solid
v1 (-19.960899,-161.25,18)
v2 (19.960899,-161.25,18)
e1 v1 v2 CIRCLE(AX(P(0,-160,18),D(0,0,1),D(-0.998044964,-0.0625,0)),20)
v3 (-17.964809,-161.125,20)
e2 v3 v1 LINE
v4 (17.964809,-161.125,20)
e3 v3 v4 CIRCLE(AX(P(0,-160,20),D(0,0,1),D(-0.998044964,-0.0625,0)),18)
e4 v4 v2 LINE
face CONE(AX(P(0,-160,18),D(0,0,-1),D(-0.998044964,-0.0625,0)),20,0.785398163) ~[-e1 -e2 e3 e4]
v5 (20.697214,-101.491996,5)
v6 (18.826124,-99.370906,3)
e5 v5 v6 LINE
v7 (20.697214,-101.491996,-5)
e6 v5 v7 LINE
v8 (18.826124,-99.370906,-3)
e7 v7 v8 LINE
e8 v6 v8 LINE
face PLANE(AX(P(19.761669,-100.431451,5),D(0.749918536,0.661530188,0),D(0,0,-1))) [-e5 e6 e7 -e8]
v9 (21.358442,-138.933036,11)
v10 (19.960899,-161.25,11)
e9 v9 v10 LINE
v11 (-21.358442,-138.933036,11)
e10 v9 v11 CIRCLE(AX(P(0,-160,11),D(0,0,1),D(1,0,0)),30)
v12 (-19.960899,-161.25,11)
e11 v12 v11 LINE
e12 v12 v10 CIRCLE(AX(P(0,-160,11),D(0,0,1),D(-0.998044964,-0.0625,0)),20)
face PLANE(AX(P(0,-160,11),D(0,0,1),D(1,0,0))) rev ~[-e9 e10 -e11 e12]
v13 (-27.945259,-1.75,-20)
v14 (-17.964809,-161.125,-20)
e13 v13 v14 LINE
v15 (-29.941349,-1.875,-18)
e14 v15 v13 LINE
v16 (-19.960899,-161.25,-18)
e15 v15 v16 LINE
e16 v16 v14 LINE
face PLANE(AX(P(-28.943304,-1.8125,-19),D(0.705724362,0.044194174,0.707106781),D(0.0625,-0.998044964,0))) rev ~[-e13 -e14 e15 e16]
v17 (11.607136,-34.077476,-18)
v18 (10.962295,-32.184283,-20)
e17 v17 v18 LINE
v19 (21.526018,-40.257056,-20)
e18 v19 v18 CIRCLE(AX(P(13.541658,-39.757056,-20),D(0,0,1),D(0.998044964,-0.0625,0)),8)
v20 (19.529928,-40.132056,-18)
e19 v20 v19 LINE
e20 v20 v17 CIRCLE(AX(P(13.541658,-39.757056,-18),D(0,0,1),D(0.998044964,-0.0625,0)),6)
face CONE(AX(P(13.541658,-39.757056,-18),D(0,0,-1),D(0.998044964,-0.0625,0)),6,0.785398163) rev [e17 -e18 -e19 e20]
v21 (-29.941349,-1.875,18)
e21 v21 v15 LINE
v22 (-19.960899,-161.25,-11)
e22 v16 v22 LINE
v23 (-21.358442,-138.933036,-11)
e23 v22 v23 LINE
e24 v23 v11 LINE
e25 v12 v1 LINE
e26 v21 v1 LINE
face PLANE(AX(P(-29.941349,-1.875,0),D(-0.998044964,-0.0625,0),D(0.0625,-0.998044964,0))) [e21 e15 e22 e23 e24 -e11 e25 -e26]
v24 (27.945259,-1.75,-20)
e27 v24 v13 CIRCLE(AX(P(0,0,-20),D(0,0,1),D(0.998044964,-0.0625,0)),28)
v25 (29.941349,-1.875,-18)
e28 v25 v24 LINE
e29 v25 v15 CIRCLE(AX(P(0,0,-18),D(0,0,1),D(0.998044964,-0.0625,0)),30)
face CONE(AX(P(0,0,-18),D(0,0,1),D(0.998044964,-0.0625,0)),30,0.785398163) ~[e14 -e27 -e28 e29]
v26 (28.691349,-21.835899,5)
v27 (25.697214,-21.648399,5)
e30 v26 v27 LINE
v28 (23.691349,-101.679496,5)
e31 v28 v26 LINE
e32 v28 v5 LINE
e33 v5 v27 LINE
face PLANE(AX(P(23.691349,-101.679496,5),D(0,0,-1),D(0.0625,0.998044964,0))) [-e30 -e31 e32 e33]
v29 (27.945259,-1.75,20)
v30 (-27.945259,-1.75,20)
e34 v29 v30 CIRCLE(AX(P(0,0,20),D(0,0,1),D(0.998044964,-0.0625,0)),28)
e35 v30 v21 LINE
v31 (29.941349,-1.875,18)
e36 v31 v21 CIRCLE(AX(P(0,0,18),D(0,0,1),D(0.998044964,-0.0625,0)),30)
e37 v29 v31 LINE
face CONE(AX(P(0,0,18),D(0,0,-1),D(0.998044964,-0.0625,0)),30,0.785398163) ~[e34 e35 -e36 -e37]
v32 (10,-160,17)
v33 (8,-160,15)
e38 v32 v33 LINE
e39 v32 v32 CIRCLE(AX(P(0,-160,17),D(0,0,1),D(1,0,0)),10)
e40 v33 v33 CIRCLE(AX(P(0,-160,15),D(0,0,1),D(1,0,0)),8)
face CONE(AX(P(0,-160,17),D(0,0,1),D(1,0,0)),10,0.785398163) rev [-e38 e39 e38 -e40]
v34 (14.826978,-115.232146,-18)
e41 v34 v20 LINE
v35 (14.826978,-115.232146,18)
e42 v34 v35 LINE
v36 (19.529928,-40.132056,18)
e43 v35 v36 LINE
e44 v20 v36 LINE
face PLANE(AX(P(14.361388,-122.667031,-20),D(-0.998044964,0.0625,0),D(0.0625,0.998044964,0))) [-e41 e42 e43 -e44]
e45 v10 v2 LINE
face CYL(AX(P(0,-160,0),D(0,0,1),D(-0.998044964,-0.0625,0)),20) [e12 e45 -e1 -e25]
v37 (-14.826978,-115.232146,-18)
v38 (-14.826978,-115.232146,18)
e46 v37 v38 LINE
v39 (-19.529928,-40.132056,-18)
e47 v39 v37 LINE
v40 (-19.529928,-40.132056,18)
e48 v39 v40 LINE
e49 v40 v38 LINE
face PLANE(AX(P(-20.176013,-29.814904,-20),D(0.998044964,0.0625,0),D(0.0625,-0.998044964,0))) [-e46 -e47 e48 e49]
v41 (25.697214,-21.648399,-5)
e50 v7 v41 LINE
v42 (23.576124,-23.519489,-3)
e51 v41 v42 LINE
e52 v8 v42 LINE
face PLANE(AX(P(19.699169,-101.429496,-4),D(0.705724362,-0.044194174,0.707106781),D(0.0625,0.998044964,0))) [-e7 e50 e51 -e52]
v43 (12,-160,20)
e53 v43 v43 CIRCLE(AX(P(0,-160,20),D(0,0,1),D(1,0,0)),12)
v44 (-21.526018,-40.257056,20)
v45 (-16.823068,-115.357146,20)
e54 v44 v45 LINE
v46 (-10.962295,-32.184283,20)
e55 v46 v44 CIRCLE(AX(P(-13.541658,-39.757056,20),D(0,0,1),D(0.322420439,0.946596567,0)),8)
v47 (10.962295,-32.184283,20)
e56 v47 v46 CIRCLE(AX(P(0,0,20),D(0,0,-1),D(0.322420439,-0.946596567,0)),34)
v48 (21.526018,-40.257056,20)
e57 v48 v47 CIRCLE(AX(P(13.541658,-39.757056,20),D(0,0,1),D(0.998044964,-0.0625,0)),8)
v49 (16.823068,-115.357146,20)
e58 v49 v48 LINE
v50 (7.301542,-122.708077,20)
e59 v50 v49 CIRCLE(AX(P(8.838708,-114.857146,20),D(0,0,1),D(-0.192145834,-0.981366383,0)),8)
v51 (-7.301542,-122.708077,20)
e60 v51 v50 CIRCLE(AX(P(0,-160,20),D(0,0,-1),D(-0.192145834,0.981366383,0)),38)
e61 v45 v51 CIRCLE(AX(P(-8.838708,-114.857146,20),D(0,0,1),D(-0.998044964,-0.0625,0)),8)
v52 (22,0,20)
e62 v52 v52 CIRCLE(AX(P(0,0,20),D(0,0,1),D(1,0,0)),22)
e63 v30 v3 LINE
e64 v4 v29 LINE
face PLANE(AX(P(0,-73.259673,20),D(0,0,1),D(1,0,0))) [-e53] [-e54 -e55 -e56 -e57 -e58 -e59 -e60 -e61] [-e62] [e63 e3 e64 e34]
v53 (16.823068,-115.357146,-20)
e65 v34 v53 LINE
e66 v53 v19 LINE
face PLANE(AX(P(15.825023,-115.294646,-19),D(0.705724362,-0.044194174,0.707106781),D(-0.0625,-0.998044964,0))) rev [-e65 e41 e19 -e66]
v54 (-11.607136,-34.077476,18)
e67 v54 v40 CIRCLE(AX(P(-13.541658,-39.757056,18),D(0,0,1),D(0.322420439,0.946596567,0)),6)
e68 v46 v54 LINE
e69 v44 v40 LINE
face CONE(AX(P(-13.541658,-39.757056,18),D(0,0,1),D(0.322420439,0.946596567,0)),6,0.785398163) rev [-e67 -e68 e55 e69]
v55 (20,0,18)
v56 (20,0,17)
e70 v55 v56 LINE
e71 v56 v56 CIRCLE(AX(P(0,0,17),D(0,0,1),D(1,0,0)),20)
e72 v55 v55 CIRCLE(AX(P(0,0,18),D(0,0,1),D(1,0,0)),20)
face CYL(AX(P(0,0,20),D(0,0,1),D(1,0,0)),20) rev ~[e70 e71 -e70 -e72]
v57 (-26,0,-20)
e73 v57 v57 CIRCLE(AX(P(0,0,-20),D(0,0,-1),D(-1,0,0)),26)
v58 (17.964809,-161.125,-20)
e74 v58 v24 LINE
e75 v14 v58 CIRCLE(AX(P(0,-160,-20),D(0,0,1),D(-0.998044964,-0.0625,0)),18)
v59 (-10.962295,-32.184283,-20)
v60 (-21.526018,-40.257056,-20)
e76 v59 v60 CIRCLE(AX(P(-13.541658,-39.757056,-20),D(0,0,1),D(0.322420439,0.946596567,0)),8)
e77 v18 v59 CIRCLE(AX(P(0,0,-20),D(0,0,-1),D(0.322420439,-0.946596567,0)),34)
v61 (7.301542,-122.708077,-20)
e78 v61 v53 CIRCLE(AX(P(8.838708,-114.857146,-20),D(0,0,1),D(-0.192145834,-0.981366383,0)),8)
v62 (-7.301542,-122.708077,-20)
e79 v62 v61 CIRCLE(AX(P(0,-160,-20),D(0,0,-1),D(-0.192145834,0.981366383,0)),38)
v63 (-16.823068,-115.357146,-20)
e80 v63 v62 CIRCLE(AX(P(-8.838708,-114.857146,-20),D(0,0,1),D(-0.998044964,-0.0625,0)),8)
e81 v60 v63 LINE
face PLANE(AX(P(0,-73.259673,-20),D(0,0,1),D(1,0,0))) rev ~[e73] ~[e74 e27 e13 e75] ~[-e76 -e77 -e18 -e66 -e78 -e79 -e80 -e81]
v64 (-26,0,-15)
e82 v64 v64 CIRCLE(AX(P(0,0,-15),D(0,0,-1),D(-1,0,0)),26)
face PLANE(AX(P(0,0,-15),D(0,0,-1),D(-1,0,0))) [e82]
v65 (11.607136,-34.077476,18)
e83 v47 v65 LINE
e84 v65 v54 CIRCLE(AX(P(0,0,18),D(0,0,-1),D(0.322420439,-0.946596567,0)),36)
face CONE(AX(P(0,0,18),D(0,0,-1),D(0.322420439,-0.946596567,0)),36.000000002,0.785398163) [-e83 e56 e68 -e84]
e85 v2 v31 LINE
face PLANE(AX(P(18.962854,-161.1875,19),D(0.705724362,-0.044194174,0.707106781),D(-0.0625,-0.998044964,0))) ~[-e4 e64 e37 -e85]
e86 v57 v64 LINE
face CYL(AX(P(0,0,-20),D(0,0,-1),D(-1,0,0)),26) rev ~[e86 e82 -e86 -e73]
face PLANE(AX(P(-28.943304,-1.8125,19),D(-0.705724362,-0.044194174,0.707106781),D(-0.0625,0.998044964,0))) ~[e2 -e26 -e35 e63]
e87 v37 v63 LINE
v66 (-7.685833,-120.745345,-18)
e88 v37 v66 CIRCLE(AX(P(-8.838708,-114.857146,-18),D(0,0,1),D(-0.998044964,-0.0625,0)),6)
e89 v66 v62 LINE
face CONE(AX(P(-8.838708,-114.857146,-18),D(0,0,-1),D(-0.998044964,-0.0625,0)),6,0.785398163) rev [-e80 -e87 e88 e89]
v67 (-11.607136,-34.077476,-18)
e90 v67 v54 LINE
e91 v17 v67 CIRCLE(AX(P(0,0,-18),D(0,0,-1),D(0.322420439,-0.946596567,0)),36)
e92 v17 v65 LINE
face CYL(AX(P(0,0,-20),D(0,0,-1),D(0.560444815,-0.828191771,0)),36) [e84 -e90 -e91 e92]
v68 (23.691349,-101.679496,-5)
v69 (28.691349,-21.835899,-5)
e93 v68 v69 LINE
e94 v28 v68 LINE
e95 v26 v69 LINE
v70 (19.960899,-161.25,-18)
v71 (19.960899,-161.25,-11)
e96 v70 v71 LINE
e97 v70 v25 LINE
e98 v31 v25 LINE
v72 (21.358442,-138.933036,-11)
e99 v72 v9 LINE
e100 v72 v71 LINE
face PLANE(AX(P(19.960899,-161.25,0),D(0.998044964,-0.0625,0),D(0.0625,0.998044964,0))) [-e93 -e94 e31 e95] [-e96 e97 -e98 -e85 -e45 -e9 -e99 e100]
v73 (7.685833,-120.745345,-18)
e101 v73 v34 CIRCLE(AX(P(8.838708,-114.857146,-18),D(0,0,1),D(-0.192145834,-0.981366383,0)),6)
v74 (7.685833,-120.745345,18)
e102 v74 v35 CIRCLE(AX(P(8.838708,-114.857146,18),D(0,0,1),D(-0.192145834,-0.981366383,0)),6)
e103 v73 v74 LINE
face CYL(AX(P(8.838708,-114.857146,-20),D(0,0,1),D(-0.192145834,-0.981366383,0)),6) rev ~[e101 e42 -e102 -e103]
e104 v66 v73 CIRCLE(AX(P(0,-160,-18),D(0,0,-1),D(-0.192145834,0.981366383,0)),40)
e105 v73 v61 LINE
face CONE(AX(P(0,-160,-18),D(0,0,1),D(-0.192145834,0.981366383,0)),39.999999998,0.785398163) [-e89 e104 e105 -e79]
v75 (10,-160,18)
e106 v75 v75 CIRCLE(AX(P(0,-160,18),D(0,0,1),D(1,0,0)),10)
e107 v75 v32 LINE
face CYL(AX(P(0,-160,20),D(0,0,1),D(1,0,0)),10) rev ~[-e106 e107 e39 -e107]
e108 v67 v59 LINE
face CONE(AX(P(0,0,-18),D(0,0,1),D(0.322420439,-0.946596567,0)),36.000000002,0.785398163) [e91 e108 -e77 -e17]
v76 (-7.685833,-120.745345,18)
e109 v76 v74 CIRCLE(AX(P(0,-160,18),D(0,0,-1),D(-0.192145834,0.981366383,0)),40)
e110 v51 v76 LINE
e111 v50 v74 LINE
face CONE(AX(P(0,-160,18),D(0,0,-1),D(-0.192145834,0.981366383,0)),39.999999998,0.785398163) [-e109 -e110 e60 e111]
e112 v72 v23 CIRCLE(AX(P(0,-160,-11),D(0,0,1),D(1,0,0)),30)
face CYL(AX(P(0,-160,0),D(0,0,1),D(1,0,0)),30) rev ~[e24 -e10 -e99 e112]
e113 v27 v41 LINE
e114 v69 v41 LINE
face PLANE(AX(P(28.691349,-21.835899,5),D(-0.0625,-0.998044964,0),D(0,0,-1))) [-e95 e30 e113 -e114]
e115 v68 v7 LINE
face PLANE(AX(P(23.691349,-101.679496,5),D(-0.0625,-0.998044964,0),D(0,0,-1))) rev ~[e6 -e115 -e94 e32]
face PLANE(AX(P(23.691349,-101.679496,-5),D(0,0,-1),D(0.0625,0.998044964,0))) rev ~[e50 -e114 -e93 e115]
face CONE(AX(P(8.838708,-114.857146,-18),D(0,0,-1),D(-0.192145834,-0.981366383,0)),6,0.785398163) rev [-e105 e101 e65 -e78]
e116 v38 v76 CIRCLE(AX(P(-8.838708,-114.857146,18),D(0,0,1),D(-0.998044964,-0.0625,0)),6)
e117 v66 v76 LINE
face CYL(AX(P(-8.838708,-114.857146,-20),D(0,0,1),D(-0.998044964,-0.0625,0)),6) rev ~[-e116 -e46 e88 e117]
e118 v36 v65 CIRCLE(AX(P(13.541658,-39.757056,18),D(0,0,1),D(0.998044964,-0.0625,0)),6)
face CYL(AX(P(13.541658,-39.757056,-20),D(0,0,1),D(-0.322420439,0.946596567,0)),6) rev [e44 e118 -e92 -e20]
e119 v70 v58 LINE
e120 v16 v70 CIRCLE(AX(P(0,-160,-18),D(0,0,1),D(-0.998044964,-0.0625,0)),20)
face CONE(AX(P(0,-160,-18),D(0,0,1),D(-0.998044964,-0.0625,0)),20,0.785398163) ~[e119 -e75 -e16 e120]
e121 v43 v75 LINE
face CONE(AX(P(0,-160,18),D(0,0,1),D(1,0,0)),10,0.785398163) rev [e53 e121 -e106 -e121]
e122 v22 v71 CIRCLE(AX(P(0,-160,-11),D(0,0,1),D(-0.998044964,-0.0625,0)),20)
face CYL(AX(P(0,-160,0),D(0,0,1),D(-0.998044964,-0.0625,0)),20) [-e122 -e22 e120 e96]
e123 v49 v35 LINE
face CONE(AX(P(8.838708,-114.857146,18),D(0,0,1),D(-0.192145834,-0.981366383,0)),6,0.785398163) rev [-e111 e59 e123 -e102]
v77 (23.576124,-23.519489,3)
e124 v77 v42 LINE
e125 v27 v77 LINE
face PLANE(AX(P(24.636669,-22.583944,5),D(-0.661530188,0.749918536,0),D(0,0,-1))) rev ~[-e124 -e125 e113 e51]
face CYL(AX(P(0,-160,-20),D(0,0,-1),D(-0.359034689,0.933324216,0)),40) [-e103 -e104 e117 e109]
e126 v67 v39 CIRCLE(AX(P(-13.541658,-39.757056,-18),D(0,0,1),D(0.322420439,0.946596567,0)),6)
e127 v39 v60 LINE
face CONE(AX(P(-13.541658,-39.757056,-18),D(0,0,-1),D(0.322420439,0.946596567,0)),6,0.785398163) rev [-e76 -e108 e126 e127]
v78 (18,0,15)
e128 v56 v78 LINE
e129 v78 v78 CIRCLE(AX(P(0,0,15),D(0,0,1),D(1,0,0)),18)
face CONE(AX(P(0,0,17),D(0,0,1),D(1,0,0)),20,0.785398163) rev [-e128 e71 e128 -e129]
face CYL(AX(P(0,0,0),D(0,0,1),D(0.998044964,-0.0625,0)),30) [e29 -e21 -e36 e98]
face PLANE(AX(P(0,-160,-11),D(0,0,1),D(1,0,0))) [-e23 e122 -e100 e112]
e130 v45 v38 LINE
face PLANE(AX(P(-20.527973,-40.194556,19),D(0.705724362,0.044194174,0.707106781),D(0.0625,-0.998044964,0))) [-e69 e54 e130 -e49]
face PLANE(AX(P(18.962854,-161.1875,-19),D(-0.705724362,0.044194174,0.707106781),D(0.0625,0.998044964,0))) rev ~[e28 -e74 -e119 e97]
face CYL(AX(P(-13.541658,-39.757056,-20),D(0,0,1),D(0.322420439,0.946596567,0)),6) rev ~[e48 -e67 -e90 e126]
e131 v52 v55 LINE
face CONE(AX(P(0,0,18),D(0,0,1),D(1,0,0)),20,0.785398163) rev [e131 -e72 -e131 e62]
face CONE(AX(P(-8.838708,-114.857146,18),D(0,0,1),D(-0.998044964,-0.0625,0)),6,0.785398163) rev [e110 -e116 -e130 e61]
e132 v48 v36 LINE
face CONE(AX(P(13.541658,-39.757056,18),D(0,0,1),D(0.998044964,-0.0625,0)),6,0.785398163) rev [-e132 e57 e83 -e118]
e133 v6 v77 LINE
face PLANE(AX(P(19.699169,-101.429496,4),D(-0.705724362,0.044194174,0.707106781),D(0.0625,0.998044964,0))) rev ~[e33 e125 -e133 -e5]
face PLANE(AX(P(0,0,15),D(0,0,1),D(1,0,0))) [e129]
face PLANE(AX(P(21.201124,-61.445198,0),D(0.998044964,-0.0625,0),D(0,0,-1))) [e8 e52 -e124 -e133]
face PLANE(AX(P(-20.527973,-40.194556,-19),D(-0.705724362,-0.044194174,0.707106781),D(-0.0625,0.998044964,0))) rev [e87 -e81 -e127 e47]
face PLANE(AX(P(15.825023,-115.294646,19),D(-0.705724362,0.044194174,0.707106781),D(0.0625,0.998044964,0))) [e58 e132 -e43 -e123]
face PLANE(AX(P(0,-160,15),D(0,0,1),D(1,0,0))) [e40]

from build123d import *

# Parameters (mm, degrees)
BOSS_EXTRUDE1_DEPTH = 20
SKETCH2_R           = 26
CUT_EXTRUDE1_DEPTH  = 5
SKETCH3_R           = 30
CUT_EXTRUDE2_DEPTH  = 11
CUT_EXTRUDE3_DEPTH  = 187.815416923
FILLET1_R           = 6
CHAMFER1_SIZE       = 2
SKETCH6_W           = 10
SKETCH6_H           = 80
CUT_EXTRUDE4_DEPTH  = 5
CHAMFER2_SIZE       = 2
SKETCH7_R           = 10
SKETCH7_R_2         = 20
CUT_EXTRUDE5_DEPTH  = 5
CHAMFER3_SIZE       = 2


with BuildPart() as part:
    # Sketch1 → Boss-Extrude1 (new, symmetric)
    with BuildSketch(Plane.XY):
        with BuildLine():
            Line((-29.941348918, -1.875), (-19.960899278, -161.25))
            ThreePointArc((-19.960899278, -161.25), (0, -180), (19.960899278, -161.25))
            Line((19.960899278, -161.25), (29.941348918, -1.875))
            ThreePointArc((29.941348918, -1.875), (0, 30), (-29.941348918, -1.875))
        make_face()
    extrude(amount=BOSS_EXTRUDE1_DEPTH, both=True)

    # Sketch2 → Cut-Extrude1 (cut)
    with BuildSketch(Plane(origin=(0, 0, -20), x_dir=(-1, 0, 0), z_dir=(0, 0, -1))):
        Circle(SKETCH2_R)
    extrude(amount=-CUT_EXTRUDE1_DEPTH, mode=Mode.SUBTRACT)

    # Sketch3 → Cut-Extrude2 (cut, symmetric)
    with BuildSketch(Plane.XY):
        with Locations((0, -160)):
            Circle(SKETCH3_R)
    extrude(amount=CUT_EXTRUDE2_DEPTH, both=True, mode=Mode.SUBTRACT)

    # Sketch4 → Cut-Extrude3 (cut, through all)
    with BuildSketch(Plane(origin=(0, 0, -20), x_dir=(-1, 0, 0), z_dir=(0, 0, -1))):
        with BuildLine():
            ThreePointArc((-20.17601335, -29.814903745), (0, -36), (20.17601335, -29.814903745))
            Line((20.17601335, -29.814903745), (14.361387571, -122.667031366))
            ThreePointArc((14.361387571, -122.667031366), (0, -120), (-14.361387571, -122.667031366))
            Line((-14.361387571, -122.667031366), (-20.17601335, -29.814903745))
        make_face()
    extrude(amount=-CUT_EXTRUDE3_DEPTH, mode=Mode.SUBTRACT)

    # Fillet1
    fillet1_edges = [part.edges().sort_by_distance(p)[0] for p in [
        (20.17601335, -29.814903745, 0),
        (-20.17601335, -29.814903745, 0),
        (-14.361387571, -122.667031366, 0),
        (14.361387571, -122.667031366, 0),
    ]]
    fillet(fillet1_edges, radius=FILLET1_R)

    # Chamfer1
    chamfer1_edges = [part.edges().sort_by_distance(p)[0] for p in [
        (0, -180, 20),
        (24.951124098, -81.5625, 20),
        (0, 30, 20),
        (24.951124098, -81.5625, -20),
        (0, -120, -20),
        (0, -120, 20),
        (17.178453178, -77.682101085, -20),
        (0, -180, -20),
        (17.178453178, -77.682101085, 20),
        (-17.178453178, -77.682101085, -20),
        (-17.178453178, -77.682101085, 20),
        (-24.951124098, -81.5625, -20),
        (0, -36, -20),
        (0, -36, 20),
        (12.505327982, -119.60645162, -20),
        (12.505327982, -119.60645162, 20),
        (-12.505327982, -119.60645162, -20),
        (-12.505327982, -119.60645162, 20),
        (17.184830058, -34.989739942, -20),
        (0, 30, -20),
        (17.184830058, -34.989739942, 20),
        (-17.184830058, -34.989739942, -20),
        (-17.184830058, -34.989739942, 20),
        (-24.951124098, -81.5625, 20),
    ]]
    chamfer(chamfer1_edges, length=CHAMFER1_SIZE)

    # Sketch6 → Cut-Extrude4 (cut)
    with BuildSketch(Plane(origin=(29.941348918, -1.875, 0), x_dir=(0, 0, -1), z_dir=(0.9980449639169572, -0.06249999999999988, 0))):
        with Locations((0, -60)):
            Rectangle(SKETCH6_W, SKETCH6_H)
    extrude(amount=-CUT_EXTRUDE4_DEPTH, mode=Mode.SUBTRACT)

    # Chamfer2
    chamfer2_edges = [part.edges().sort_by_distance(p)[0] for p in [
        (21.201124098, -61.445197835, 5),
        (23.701124098, -21.523399278, 0),
        (21.201124098, -61.445197835, -5),
        (18.701124098, -101.366996392, 0),
    ]]
    chamfer(chamfer2_edges, length=CHAMFER2_SIZE)

    # Sketch7 → Cut-Extrude5 (cut)
    with BuildSketch(Plane.XY.offset(20)):
        with Locations((0, -160)):
            Circle(SKETCH7_R)
        Circle(SKETCH7_R_2)
    extrude(amount=-CUT_EXTRUDE5_DEPTH, mode=Mode.SUBTRACT)

    # Chamfer3
    chamfer3_edges = [part.edges().sort_by_distance(p)[0] for p in [
        (-10, -160, 15),
        (-10, -160, 20),
        (-20, 0, 15),
        (-20, 0, 20),
    ]]
    chamfer(chamfer3_edges, length=CHAMFER3_SIZE)


solid = part.part
